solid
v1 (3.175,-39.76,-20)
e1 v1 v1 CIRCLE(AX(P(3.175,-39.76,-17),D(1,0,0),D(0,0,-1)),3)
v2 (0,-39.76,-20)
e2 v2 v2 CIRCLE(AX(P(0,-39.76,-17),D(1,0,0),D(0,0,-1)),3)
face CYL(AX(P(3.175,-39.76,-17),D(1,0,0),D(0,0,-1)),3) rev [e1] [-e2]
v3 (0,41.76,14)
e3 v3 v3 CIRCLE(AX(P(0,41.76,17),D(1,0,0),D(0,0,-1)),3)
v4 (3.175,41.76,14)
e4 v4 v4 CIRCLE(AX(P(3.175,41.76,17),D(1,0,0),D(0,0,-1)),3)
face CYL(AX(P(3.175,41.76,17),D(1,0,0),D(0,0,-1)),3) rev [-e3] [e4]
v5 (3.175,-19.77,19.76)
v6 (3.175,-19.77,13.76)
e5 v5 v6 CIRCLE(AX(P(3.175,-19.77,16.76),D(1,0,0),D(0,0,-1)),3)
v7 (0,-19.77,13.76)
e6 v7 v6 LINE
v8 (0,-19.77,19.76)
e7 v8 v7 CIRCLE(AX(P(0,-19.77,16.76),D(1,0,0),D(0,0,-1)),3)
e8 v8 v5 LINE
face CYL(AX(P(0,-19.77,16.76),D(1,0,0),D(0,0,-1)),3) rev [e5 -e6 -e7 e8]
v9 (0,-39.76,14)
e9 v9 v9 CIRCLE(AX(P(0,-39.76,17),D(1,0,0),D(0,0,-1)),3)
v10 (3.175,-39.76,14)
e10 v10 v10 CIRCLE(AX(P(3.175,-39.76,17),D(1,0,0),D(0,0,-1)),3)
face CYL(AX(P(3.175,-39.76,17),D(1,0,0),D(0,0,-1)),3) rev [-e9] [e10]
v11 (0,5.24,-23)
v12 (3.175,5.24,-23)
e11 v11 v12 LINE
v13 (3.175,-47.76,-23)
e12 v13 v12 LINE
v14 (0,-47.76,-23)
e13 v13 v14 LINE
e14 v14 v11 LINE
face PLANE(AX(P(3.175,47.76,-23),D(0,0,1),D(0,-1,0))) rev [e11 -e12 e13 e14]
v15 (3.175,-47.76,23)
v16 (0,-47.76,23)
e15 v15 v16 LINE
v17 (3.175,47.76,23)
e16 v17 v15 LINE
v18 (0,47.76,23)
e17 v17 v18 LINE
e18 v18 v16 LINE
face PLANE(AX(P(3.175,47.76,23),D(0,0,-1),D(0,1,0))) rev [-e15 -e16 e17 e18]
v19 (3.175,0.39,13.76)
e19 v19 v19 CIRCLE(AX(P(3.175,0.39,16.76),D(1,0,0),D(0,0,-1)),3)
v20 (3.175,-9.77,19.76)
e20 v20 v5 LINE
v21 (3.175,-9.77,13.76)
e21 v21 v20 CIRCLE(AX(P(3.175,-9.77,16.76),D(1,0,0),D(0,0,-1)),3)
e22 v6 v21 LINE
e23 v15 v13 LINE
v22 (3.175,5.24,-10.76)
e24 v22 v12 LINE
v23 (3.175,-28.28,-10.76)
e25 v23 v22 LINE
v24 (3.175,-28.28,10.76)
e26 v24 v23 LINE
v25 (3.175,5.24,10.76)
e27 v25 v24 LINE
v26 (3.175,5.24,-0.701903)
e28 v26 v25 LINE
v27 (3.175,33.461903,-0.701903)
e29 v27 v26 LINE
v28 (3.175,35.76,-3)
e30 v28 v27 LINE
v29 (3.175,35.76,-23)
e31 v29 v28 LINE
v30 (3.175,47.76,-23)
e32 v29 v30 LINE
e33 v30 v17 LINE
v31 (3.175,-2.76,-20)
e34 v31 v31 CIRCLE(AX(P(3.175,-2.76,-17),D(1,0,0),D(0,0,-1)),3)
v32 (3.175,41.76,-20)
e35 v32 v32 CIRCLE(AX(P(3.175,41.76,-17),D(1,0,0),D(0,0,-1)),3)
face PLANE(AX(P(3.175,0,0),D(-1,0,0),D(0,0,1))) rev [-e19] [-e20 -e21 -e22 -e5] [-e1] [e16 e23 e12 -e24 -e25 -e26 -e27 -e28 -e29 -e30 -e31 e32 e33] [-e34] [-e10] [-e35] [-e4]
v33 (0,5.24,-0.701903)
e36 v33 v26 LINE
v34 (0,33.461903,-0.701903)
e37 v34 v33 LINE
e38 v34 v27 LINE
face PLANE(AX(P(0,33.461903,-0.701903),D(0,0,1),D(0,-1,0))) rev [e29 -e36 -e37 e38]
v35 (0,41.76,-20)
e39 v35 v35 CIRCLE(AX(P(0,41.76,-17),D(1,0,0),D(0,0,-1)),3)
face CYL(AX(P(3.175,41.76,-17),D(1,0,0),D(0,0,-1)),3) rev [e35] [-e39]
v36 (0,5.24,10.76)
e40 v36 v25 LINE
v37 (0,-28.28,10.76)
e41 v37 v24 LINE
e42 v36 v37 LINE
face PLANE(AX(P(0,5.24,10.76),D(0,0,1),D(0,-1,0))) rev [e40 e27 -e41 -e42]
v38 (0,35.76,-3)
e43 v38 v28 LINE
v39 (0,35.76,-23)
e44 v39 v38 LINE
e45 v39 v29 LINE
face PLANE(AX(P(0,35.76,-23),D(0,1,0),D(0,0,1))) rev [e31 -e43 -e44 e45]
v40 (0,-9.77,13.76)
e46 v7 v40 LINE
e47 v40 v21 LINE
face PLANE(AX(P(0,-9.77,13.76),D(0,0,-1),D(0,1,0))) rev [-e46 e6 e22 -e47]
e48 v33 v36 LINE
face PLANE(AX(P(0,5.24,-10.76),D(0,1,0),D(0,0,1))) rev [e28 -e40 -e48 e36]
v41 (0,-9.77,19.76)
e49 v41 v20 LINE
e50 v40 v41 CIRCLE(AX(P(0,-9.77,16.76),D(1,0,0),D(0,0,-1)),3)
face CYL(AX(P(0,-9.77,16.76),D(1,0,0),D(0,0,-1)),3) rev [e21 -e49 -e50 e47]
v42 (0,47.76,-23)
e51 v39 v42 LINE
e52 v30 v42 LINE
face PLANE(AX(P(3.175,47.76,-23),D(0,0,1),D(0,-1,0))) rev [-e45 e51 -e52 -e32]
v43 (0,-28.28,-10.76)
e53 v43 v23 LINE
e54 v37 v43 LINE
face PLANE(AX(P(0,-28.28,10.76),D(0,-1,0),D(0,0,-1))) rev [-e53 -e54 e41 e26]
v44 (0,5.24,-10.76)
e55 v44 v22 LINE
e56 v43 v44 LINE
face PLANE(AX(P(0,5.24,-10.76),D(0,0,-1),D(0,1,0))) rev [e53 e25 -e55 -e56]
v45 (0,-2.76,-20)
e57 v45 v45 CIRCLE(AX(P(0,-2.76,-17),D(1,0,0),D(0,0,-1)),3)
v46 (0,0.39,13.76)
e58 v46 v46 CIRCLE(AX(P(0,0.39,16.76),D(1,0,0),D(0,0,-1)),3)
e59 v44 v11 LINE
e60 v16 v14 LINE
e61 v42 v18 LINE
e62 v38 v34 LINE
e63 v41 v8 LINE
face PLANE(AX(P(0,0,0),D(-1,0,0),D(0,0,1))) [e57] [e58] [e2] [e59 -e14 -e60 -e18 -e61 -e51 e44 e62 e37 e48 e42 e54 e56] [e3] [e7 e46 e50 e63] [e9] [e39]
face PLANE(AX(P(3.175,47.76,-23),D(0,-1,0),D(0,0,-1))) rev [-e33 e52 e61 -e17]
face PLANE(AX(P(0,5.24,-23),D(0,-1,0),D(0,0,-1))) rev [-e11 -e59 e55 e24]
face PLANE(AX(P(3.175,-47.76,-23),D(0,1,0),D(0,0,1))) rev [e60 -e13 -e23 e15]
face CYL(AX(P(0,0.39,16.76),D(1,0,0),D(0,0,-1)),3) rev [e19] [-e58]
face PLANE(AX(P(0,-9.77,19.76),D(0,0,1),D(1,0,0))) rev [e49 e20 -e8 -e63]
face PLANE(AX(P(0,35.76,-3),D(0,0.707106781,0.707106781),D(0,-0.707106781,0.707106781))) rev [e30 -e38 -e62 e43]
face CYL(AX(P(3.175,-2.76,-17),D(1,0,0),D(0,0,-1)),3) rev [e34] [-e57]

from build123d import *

# Parameters (mm, degrees)
SKETCH1_W                       = 46
SKETCH1_H                       = 95.52
BOSS_EXTRUDE1_DEPTH             = 3.175
SKETCH2_W                       = 20
SKETCH2_H                       = 30.52
CUT_EXTRUDE1_DEPTH              = 54.104597023
F_6_0MM_CLEARANCE_DOWEL_HOLE1_D = 6
F_6_0MM_DOWEL_HOLE1_D           = 6
CUT_EXTRUDE2_DEPTH              = 54.104597023
SKETCH10_W                      = 21.52
SKETCH10_H                      = 8.52
CUT_EXTRUDE3_DEPTH              = 54.104597023
SKETCH11_W                      = 21.52
SKETCH11_H                      = 25
CUT_EXTRUDE4_DEPTH              = 54.104597023
SKETCH14_R                      = 3
CUT_EXTRUDE5_DEPTH              = 54.104597023


with BuildPart() as part:
    # Sketch1 → Boss-Extrude1 (new body)
    with BuildSketch(Plane(origin=(0, 0, 0), x_dir=(0, 0, -1), z_dir=(1, 0, 0))):
        Rectangle(SKETCH1_W, SKETCH1_H)
    extrude(amount=BOSS_EXTRUDE1_DEPTH)

    # Sketch2 → Cut-Extrude1 (cut, through all)
    with BuildSketch(Plane(origin=(3.175, 0, 0), x_dir=(0, 0, -1), z_dir=(1, 0, 0))):
        with Locations((13, 20.5)):
            Rectangle(SKETCH2_W, SKETCH2_H)
    extrude(amount=-CUT_EXTRUDE1_DEPTH, mode=Mode.SUBTRACT)

    # Ø6.0mm Clearance Dowel Hole1 (through all)
    with Locations(Plane(origin=(3.175, 0, 0), x_dir=(0, 0, -1), z_dir=(1, 0, 0))):
        with Locations((17, -2.76), (17, -39.76)):
            Hole(F_6_0MM_CLEARANCE_DOWEL_HOLE1_D / 2)

    # Ø6.0mm Dowel Hole1 (through all)
    with Locations(Plane(origin=(3.175, 0, 0), x_dir=(0, 0, -1), z_dir=(1, 0, 0))):
        with Locations((17, 41.76), (-17, 41.76), (-17, -39.76)):
            Hole(F_6_0MM_DOWEL_HOLE1_D / 2)

    # Sketch9 → Cut-Extrude2 (cut, through all)
    with BuildSketch(Plane(origin=(3.175, 0, 0), x_dir=(0, 0, -1), z_dir=(1, 0, 0))):
        Polygon((3, 35.76), (0.701902961, 33.461902961), (0.701902961, 5.24), (3, 5.24), align=None)
    extrude(amount=-CUT_EXTRUDE2_DEPTH, mode=Mode.SUBTRACT)

    # Sketch10 → Cut-Extrude3 (cut, through all)
    with BuildSketch(Plane(origin=(3.175, 0, 0), x_dir=(0, 0, -1), z_dir=(1, 0, 0))):
        with Locations((0, 0.98)):
            Rectangle(SKETCH10_W, SKETCH10_H)
    extrude(amount=-CUT_EXTRUDE3_DEPTH, mode=Mode.SUBTRACT)

    # Sketch11 → Cut-Extrude4 (cut, through all)
    with BuildSketch(Plane(origin=(3.175, 0, 0), x_dir=(0, 0, -1), z_dir=(1, 0, 0))):
        with Locations((0, -15.78)):
            Rectangle(SKETCH11_W, SKETCH11_H)
    extrude(amount=-CUT_EXTRUDE4_DEPTH, mode=Mode.SUBTRACT)

    # Sketch14 → Cut-Extrude5 (cut, through all)
    with BuildSketch(Plane(origin=(3.175, 0, 0), x_dir=(0, 0, -1), z_dir=(1, 0, 0))):
        with Locations((-16.76, 0.39)):
            Circle(SKETCH14_R)
        with BuildLine():
            Line((-13.76, -9.77), (-13.76, -19.77))
            ThreePointArc((-13.76, -19.77), (-16.76, -22.77), (-19.76, -19.77))
            Line((-19.76, -19.77), (-19.76, -9.77))
            ThreePointArc((-19.76, -9.77), (-16.76, -6.77), (-13.76, -9.77))
        make_face()
    extrude(amount=-CUT_EXTRUDE5_DEPTH, mode=Mode.SUBTRACT)


solid = part.part
